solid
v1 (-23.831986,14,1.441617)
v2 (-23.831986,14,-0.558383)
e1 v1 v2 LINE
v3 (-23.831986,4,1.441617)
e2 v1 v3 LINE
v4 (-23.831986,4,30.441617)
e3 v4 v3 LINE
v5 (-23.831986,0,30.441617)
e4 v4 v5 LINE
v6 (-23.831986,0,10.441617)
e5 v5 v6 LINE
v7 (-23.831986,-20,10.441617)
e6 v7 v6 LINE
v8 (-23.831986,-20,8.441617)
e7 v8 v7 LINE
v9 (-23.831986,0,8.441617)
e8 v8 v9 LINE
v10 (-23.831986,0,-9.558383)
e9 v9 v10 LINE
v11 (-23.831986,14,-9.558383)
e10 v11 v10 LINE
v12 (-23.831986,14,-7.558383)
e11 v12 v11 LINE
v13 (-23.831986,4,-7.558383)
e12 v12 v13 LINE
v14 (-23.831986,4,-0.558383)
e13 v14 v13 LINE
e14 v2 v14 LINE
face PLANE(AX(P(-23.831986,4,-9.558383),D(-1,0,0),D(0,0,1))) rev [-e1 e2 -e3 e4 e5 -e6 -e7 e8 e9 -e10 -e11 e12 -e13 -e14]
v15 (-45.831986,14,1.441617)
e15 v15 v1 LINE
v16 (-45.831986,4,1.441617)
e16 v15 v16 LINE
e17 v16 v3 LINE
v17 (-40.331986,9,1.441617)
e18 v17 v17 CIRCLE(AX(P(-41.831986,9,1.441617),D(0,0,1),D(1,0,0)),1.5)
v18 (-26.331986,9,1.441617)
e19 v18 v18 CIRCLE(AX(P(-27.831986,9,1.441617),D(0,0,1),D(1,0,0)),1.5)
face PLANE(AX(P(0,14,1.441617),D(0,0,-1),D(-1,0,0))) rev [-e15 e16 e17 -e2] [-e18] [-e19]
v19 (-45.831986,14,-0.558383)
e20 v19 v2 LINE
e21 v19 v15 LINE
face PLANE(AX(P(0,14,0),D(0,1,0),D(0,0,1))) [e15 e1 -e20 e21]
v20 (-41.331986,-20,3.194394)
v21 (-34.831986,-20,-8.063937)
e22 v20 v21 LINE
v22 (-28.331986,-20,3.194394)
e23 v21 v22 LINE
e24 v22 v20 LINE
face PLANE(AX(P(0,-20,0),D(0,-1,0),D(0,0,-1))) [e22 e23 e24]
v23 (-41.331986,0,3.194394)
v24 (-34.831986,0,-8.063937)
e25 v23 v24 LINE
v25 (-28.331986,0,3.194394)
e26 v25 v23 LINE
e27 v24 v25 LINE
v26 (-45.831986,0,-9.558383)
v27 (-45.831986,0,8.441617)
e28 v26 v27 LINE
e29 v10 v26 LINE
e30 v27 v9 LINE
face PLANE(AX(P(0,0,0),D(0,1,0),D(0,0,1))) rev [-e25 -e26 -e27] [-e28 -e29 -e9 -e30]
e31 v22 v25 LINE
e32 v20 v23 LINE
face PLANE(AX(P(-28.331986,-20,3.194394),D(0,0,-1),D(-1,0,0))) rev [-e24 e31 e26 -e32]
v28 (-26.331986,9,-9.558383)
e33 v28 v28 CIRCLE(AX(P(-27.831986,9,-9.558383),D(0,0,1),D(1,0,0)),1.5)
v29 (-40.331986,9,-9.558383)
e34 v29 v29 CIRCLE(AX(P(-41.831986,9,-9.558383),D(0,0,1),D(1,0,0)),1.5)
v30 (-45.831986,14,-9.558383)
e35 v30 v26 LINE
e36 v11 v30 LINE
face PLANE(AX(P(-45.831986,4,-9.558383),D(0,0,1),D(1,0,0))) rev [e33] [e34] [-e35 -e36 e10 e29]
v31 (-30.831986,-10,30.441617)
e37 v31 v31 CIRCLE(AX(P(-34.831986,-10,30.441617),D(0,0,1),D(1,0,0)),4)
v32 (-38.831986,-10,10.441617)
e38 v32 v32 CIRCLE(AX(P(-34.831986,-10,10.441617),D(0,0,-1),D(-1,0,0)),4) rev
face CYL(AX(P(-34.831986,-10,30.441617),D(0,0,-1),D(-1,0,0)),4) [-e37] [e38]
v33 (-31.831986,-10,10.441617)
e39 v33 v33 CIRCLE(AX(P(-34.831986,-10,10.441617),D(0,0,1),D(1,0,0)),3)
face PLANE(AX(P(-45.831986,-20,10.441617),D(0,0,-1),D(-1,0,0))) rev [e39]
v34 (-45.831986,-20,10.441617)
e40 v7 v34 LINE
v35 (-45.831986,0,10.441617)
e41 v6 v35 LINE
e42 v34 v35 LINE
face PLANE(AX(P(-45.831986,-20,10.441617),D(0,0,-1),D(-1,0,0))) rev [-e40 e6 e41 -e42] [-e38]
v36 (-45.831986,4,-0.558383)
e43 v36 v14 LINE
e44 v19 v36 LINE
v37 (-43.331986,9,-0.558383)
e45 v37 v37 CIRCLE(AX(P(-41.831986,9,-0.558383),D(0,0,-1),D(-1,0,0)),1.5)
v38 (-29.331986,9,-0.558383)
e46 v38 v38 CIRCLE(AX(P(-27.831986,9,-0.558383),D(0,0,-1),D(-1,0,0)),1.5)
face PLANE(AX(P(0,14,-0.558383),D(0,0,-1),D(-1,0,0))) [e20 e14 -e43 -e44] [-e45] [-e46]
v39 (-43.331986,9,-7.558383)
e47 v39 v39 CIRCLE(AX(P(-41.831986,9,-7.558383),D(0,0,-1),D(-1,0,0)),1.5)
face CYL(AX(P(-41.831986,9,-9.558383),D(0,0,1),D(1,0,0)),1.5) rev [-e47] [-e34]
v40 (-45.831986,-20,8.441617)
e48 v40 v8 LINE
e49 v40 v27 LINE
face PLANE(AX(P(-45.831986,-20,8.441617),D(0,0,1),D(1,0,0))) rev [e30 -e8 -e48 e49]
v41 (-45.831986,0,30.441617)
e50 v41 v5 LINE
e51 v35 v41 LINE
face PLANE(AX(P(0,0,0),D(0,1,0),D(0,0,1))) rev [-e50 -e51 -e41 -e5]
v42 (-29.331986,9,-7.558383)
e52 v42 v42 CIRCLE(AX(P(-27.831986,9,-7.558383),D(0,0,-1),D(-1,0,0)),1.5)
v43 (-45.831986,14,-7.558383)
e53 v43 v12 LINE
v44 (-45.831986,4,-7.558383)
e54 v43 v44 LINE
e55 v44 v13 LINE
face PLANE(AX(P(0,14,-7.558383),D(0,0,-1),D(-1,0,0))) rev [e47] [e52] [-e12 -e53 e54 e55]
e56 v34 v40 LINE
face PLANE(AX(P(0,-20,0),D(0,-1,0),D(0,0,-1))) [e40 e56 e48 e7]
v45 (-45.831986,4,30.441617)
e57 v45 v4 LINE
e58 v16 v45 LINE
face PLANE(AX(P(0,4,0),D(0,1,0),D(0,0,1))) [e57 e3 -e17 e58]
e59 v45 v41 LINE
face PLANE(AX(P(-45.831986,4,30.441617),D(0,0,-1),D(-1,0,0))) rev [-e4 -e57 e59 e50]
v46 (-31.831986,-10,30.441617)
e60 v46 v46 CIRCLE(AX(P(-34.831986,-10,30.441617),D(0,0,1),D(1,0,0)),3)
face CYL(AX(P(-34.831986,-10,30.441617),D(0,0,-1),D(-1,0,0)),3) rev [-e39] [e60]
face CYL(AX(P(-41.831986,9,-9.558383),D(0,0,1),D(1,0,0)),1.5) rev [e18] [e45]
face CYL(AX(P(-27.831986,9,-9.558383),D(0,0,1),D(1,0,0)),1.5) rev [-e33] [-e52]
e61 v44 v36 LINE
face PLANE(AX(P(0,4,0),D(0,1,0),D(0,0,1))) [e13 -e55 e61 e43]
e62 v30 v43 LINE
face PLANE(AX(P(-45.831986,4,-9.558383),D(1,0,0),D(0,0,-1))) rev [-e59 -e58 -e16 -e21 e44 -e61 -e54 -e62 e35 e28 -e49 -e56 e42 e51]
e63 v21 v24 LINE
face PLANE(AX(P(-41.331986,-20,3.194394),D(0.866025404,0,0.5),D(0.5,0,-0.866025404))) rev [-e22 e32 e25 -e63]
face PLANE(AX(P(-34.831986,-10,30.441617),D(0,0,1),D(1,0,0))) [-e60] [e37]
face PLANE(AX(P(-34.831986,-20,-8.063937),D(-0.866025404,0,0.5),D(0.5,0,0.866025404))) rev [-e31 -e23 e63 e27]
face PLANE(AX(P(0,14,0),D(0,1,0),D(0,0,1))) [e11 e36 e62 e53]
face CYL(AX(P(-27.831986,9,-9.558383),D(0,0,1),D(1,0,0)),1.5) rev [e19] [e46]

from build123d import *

# Parameters (mm, degrees)
SKETCH_2_W          = 22
SKETCH_2_H          = 40
EXTRUDE_1_DEPTH     = 4
SKETCH_3_W          = 22
SKETCH_3_H          = 2
EXTRUDE_2_DEPTH     = 10
SKETCH_4_R          = 1.5
CUT_EXTRUDE_1_DEPTH = 11
SKETCH_5_W          = 22
SKETCH_5_H          = 2
EXTRUDE_3_DEPTH     = 20
SKETCH_6_R          = 4
SKETCH_6_R_2        = 3
EXTRUDE_4_DEPTH     = 20
EXTRUDE_6_DEPTH     = 20


with BuildPart() as part:
    # Эскиз2 → Бобышка-Вытянуть1 (new body)
    with BuildSketch(Plane(origin=(0, 0, 0), x_dir=(1, 0, 0), z_dir=(0, 1, 0))):
        with Locations((-34.831985697, -10.44161698)):
            Rectangle(SKETCH_2_W, SKETCH_2_H)
    extrude(amount=EXTRUDE_1_DEPTH)

    # Эскиз3 → Бобышка-Вытянуть2 (add)
    with BuildSketch(Plane(origin=(0, 4, 0), x_dir=(1, 0, 0), z_dir=(0, 1, 0))):
        with Locations((-34.831985697, 8.55838302)):
            Rectangle(SKETCH_3_W, SKETCH_3_H)
        with Locations((-34.831985697, -0.44161698)):
            Rectangle(SKETCH_3_W, SKETCH_3_H)
    extrude(amount=EXTRUDE_2_DEPTH)

    # Эскиз4 → Вырез-Вытянуть1 (cut)
    with BuildSketch(Plane.XY.offset(1.44161698)):
        with Locations((-41.831985697, 9)):
            Circle(SKETCH_4_R)
        with Locations((-27.831985697, 9)):
            Circle(SKETCH_4_R)
    extrude(amount=-CUT_EXTRUDE_1_DEPTH, mode=Mode.SUBTRACT)

    # Эскиз5 → Бобышка-Вытянуть3 (add)
    with BuildSketch(Plane.XZ):
        with Locations((-34.831985697, 9.44161698)):
            Rectangle(SKETCH_5_W, SKETCH_5_H)
    extrude(amount=EXTRUDE_3_DEPTH)

    # Эскиз6 → Бобышка-Вытянуть4 (add)
    with BuildSketch(Plane.XY.offset(10.44161698)):
        with Locations(Location((-34.831985697, -10, 0), (0, 0, 180))):
            Circle(SKETCH_6_R)
        with Locations((-34.831985697, -10)):
            Circle(SKETCH_6_R_2, mode=Mode.SUBTRACT)
    extrude(amount=EXTRUDE_4_DEPTH)

    # Эскиз8 → Бобышка-Вытянуть6 (add)
    with BuildSketch(Plane.XZ):
        Polygon((-34.831985697, -8.063936519), (-28.331985697, 3.19439373), (-41.331985697, 3.19439373), align=None)
    extrude(amount=EXTRUDE_6_DEPTH)


solid = part.part
